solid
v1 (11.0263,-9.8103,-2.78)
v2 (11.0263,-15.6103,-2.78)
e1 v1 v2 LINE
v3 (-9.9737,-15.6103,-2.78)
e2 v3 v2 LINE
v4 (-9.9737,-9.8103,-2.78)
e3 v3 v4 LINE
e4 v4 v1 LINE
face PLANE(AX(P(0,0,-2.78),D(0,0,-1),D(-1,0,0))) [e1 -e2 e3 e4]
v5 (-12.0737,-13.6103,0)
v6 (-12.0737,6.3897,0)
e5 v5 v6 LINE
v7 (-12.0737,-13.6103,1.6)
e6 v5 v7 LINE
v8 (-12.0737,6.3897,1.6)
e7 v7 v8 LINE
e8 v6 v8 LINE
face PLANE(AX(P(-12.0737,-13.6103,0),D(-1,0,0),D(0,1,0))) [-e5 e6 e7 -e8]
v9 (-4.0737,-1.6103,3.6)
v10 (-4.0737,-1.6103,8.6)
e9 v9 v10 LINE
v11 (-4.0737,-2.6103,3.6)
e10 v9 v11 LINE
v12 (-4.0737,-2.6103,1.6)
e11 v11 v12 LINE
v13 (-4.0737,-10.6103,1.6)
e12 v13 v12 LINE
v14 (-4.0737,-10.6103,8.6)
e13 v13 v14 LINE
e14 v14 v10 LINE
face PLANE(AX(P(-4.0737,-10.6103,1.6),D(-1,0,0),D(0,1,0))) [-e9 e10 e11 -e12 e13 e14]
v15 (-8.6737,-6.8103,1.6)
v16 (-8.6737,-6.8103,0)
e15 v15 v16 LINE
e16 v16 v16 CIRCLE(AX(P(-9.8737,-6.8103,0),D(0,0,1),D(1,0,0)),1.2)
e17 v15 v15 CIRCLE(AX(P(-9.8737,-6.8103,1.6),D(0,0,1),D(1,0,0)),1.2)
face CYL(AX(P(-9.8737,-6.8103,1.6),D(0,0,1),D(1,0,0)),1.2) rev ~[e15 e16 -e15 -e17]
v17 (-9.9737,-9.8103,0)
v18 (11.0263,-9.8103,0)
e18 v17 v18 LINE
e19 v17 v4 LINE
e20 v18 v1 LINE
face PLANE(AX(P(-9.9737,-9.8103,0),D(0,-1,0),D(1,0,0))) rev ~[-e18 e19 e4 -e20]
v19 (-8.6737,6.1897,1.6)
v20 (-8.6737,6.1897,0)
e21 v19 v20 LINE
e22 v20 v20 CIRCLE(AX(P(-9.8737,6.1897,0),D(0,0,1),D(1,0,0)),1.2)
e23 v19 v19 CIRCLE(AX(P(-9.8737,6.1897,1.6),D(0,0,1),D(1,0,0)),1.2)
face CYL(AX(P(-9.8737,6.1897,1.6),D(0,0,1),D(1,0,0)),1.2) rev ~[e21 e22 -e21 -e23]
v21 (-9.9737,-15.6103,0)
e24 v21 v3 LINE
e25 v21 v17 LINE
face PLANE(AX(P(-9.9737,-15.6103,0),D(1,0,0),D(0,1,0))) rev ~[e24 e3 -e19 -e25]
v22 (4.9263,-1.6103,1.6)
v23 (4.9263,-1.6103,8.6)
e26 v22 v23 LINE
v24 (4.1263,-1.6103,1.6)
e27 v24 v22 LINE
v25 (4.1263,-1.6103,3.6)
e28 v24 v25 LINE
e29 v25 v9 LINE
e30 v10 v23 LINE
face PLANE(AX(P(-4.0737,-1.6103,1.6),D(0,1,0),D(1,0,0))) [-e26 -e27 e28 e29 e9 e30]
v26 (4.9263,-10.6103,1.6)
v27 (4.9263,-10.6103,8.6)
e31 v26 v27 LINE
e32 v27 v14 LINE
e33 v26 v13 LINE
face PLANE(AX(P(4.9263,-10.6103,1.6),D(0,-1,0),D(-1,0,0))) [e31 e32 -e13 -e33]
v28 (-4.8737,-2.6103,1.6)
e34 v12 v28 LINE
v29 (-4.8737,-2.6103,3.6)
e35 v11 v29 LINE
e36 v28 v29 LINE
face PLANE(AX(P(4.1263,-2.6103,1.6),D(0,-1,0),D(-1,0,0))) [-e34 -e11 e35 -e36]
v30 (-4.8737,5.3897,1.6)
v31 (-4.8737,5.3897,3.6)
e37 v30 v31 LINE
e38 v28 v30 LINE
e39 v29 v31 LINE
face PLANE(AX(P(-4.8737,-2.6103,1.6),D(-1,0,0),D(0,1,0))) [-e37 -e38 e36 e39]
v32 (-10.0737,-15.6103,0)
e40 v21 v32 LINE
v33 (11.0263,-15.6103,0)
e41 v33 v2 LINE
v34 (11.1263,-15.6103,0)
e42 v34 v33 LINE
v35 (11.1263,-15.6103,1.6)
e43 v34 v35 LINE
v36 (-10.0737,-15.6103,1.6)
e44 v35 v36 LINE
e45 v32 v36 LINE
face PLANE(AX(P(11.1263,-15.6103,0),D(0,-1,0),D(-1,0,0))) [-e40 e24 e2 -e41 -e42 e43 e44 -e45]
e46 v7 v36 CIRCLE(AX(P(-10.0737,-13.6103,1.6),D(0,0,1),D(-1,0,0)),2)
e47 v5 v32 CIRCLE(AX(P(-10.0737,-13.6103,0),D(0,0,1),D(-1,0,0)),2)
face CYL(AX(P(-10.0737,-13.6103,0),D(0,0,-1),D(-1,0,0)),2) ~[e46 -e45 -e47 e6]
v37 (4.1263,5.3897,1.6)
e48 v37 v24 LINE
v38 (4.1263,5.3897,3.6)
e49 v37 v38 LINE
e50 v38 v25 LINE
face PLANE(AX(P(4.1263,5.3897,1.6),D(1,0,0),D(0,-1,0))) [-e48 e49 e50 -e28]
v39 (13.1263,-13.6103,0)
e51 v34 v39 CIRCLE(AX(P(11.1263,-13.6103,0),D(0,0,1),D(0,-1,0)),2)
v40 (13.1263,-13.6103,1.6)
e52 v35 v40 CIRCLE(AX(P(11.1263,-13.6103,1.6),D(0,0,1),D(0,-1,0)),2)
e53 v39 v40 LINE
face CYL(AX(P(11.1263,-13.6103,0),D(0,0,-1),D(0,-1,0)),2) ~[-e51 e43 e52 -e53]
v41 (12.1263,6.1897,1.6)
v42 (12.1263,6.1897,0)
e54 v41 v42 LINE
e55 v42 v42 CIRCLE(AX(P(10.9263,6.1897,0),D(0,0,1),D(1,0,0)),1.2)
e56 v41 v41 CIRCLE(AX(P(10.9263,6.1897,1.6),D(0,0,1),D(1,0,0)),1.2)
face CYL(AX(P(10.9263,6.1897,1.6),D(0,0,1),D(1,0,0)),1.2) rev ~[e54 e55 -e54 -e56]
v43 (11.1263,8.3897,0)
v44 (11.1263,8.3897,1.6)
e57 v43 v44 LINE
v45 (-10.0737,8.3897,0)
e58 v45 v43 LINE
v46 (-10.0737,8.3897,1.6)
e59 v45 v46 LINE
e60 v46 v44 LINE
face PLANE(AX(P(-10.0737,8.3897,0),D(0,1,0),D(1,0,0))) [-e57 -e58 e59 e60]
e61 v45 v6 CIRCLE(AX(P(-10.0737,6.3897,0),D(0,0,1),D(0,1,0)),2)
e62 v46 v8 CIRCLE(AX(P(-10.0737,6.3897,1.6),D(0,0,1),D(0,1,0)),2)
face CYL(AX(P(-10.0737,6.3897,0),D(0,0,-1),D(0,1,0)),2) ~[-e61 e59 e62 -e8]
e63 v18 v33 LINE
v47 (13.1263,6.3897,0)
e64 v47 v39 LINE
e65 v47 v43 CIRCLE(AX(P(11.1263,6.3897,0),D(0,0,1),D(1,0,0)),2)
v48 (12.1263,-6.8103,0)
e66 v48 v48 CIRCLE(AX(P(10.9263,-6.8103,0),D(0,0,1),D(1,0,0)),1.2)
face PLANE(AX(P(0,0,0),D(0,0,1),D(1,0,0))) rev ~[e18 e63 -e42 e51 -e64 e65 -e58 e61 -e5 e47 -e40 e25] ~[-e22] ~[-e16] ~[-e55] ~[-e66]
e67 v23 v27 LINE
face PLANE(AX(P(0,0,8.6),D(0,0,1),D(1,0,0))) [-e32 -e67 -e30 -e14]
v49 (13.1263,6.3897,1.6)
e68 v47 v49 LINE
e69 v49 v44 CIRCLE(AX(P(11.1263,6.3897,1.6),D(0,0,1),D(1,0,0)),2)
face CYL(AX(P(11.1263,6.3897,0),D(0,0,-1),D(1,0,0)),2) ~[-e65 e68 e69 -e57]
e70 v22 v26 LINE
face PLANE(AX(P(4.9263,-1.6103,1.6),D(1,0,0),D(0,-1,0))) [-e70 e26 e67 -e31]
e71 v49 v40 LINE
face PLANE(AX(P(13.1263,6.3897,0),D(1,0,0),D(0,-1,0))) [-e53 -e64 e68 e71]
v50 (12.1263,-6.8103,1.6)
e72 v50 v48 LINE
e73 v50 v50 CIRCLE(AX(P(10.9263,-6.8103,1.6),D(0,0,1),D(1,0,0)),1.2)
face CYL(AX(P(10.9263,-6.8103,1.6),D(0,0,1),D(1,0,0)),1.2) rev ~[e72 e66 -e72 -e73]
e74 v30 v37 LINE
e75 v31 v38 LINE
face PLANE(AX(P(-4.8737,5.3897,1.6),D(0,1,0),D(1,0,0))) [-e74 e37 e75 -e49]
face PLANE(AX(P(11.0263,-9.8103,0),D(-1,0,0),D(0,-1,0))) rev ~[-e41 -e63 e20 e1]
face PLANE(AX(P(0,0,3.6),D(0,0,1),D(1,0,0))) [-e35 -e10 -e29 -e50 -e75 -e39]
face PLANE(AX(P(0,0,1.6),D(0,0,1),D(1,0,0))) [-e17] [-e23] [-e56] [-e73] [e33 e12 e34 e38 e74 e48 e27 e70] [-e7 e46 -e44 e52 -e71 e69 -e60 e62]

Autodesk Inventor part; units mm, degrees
ref_plane "YZ Plane" through (0, 0, 0) normal (1, 0, 0) x (0, 1, 0)
ref_plane "XZ Plane" through (0, 0, 0) normal (0, 1, 0) x (-1, 0, 0)
ref_plane "XY Plane" through (0, 0, 0) normal (0, 0, 1) x (1, 0, 0)
sketch "Sketch2" plane through (0, 0, 0) normal (0, 0, 1) x (1, 0, 0)
  line L0 (-10.0737, 8.3897) -> (11.1263, 8.3897)
  line L1 (13.1263, 6.3897) -> (13.1263, -13.6103)
  line L2 (11.1263, -15.6103) -> (-10.0737, -15.6103)
  line L3 (-12.0737, -13.6103) -> (-12.0737, 6.3897)
  arc A0 (-10.0737, 8.3897) -> (-12.0737, 6.3897) centre (-10.0737, 6.3897) ccw
  arc A1 (13.1263, 6.3897) -> (11.1263, 8.3897) centre (11.1263, 6.3897) ccw
  arc A2 (11.1263, -15.6103) -> (13.1263, -13.6103) centre (11.1263, -13.6103) ccw
  arc A3 (-12.0737, -13.6103) -> (-10.0737, -15.6103) centre (-10.0737, -13.6103) ccw
  point P0 (0, 0)
  point P1 (-12.0737, 8.3897)
  point P2 (13.1263, -15.6103)
  point P3 (13.1263, 8.3897)
  point P4 (-12.0737, -15.6103)
  dimension "d0" = 25.2
  dimension "d1" = 24
  dimension "d4" = 2
extrude "Extrusion1" add sketch "Sketch2" along normal blind 1.6
sketch "Sketch3" plane through (0, 0, 1.6) normal (0, 0, 1) x (1, 0, 0)
  circle A0 centre (-9.8737, 6.1897) radius 1.2
  circle A1 centre (10.9263, 6.1897) radius 1.2
  circle A2 centre (10.9263, -6.8103) radius 1.2
  circle A3 centre (-9.8737, -6.8103) radius 1.2
  line L0 (11.1263, 8.3897) -> (-10.0737, 8.3897) projected
  line L1 (-12.0737, 6.3897) -> (-12.0737, -13.6103) projected
  line L2 (13.1263, -13.6103) -> (13.1263, 6.3897) projected
  point P0 (0, 0)
  dimension "d5" = 2.4
  dimension "d6" = 2.4
  dimension "d7" = 2.4
  dimension "d8" = 2.4
  dimension "d9" = 2.2
  dimension "d10" = 2.2
  dimension "d11" = 2.2
  dimension "d12" = 2.2
  dimension "d13" = 2.2
  dimension "d14" = 2.2
  dimension "d15" = 13
  dimension "d16" = 13
extrude "Extrusion2" cut sketch "Sketch3" against normal up to next
sketch "Sketch4" plane through (0, 0, 1.6) normal (0, 0, 1) x (1, 0, 0)
  line L0 (-4.8737, 5.3897) -> (4.1263, 5.3897)
  line L1 (4.1263, 5.3897) -> (4.1263, -2.6103)
  line L2 (4.1263, -2.6103) -> (-4.8737, -2.6103)
  line L3 (-4.8737, -2.6103) -> (-4.8737, 5.3897)
  line L4 (11.1263, 8.3897) -> (-10.0737, 8.3897) projected
  line L5 (13.1263, -13.6103) -> (13.1263, 6.3897) projected
  point P0 (0, 0)
  dimension "d19" = 9
  dimension "d20" = 8
  dimension "d21" = 3
  dimension "d22" = 9
extrude "Extrusion3" add sketch "Sketch4" along normal blind 2
sketch "Sketch5" plane through (0, 0, 1.6) normal (0, 0, 1) x (1, 0, 0)
  line L0 (-4.0737, -1.6103) -> (4.9263, -1.6103)
  line L1 (4.9263, -1.6103) -> (4.9263, -10.6103)
  line L2 (4.9263, -10.6103) -> (-4.0737, -10.6103)
  line L3 (-4.0737, -10.6103) -> (-4.0737, -1.6103)
  line L4 (-10.0737, -15.6103) -> (11.1263, -15.6103) projected
  line L5 (-12.0737, 6.3897) -> (-12.0737, -13.6103) projected
  point P0 (0, 0)
  dimension "d25" = 9
  dimension "d26" = 9
  dimension "d27" = 5
  dimension "d28" = 8
extrude "Extrusion4" add sketch "Sketch5" along normal blind 7
sketch "Sketch6" plane through (0, 0, 0) normal (0, 0, -1) x (-1, 0, 0)
  line L0 (10.0737, -15.6103) -> (-11.1263, -15.6103) projected
  line L1 (-11.0263, -15.6103) -> (9.9737, -15.6103)
  line L2 (9.9737, -15.6103) -> (9.9737, -9.8103)
  line L3 (9.9737, -9.8103) -> (-11.0263, -9.8103)
  line L4 (-11.0263, -9.8103) -> (-11.0263, -15.6103)
  line L5 (-13.1263, 6.3897) -> (-13.1263, -13.6103) projected
  point P0 (0, 0)
  dimension "d31" = 21
  dimension "d32" = 5.8
  dimension "d33" = 2.1
extrude "Extrusion5" add sketch "Sketch6" along normal blind 2.78
equation "\"d6\" = d5"
equation "\"d7\" = d5"
equation "\"d8\" = d5"
equation "\"d10\" = d9"
equation "\"d11\" = d9"
equation "\"d12\" = d9"
equation "\"d13\" = d9"
equation "\"d14\" = d9"
equation "\"d16\" = d15"
equation "\"d33\" = -0.5 * d31 + 0.5 * d0"
properties part number "RasPIcam"
